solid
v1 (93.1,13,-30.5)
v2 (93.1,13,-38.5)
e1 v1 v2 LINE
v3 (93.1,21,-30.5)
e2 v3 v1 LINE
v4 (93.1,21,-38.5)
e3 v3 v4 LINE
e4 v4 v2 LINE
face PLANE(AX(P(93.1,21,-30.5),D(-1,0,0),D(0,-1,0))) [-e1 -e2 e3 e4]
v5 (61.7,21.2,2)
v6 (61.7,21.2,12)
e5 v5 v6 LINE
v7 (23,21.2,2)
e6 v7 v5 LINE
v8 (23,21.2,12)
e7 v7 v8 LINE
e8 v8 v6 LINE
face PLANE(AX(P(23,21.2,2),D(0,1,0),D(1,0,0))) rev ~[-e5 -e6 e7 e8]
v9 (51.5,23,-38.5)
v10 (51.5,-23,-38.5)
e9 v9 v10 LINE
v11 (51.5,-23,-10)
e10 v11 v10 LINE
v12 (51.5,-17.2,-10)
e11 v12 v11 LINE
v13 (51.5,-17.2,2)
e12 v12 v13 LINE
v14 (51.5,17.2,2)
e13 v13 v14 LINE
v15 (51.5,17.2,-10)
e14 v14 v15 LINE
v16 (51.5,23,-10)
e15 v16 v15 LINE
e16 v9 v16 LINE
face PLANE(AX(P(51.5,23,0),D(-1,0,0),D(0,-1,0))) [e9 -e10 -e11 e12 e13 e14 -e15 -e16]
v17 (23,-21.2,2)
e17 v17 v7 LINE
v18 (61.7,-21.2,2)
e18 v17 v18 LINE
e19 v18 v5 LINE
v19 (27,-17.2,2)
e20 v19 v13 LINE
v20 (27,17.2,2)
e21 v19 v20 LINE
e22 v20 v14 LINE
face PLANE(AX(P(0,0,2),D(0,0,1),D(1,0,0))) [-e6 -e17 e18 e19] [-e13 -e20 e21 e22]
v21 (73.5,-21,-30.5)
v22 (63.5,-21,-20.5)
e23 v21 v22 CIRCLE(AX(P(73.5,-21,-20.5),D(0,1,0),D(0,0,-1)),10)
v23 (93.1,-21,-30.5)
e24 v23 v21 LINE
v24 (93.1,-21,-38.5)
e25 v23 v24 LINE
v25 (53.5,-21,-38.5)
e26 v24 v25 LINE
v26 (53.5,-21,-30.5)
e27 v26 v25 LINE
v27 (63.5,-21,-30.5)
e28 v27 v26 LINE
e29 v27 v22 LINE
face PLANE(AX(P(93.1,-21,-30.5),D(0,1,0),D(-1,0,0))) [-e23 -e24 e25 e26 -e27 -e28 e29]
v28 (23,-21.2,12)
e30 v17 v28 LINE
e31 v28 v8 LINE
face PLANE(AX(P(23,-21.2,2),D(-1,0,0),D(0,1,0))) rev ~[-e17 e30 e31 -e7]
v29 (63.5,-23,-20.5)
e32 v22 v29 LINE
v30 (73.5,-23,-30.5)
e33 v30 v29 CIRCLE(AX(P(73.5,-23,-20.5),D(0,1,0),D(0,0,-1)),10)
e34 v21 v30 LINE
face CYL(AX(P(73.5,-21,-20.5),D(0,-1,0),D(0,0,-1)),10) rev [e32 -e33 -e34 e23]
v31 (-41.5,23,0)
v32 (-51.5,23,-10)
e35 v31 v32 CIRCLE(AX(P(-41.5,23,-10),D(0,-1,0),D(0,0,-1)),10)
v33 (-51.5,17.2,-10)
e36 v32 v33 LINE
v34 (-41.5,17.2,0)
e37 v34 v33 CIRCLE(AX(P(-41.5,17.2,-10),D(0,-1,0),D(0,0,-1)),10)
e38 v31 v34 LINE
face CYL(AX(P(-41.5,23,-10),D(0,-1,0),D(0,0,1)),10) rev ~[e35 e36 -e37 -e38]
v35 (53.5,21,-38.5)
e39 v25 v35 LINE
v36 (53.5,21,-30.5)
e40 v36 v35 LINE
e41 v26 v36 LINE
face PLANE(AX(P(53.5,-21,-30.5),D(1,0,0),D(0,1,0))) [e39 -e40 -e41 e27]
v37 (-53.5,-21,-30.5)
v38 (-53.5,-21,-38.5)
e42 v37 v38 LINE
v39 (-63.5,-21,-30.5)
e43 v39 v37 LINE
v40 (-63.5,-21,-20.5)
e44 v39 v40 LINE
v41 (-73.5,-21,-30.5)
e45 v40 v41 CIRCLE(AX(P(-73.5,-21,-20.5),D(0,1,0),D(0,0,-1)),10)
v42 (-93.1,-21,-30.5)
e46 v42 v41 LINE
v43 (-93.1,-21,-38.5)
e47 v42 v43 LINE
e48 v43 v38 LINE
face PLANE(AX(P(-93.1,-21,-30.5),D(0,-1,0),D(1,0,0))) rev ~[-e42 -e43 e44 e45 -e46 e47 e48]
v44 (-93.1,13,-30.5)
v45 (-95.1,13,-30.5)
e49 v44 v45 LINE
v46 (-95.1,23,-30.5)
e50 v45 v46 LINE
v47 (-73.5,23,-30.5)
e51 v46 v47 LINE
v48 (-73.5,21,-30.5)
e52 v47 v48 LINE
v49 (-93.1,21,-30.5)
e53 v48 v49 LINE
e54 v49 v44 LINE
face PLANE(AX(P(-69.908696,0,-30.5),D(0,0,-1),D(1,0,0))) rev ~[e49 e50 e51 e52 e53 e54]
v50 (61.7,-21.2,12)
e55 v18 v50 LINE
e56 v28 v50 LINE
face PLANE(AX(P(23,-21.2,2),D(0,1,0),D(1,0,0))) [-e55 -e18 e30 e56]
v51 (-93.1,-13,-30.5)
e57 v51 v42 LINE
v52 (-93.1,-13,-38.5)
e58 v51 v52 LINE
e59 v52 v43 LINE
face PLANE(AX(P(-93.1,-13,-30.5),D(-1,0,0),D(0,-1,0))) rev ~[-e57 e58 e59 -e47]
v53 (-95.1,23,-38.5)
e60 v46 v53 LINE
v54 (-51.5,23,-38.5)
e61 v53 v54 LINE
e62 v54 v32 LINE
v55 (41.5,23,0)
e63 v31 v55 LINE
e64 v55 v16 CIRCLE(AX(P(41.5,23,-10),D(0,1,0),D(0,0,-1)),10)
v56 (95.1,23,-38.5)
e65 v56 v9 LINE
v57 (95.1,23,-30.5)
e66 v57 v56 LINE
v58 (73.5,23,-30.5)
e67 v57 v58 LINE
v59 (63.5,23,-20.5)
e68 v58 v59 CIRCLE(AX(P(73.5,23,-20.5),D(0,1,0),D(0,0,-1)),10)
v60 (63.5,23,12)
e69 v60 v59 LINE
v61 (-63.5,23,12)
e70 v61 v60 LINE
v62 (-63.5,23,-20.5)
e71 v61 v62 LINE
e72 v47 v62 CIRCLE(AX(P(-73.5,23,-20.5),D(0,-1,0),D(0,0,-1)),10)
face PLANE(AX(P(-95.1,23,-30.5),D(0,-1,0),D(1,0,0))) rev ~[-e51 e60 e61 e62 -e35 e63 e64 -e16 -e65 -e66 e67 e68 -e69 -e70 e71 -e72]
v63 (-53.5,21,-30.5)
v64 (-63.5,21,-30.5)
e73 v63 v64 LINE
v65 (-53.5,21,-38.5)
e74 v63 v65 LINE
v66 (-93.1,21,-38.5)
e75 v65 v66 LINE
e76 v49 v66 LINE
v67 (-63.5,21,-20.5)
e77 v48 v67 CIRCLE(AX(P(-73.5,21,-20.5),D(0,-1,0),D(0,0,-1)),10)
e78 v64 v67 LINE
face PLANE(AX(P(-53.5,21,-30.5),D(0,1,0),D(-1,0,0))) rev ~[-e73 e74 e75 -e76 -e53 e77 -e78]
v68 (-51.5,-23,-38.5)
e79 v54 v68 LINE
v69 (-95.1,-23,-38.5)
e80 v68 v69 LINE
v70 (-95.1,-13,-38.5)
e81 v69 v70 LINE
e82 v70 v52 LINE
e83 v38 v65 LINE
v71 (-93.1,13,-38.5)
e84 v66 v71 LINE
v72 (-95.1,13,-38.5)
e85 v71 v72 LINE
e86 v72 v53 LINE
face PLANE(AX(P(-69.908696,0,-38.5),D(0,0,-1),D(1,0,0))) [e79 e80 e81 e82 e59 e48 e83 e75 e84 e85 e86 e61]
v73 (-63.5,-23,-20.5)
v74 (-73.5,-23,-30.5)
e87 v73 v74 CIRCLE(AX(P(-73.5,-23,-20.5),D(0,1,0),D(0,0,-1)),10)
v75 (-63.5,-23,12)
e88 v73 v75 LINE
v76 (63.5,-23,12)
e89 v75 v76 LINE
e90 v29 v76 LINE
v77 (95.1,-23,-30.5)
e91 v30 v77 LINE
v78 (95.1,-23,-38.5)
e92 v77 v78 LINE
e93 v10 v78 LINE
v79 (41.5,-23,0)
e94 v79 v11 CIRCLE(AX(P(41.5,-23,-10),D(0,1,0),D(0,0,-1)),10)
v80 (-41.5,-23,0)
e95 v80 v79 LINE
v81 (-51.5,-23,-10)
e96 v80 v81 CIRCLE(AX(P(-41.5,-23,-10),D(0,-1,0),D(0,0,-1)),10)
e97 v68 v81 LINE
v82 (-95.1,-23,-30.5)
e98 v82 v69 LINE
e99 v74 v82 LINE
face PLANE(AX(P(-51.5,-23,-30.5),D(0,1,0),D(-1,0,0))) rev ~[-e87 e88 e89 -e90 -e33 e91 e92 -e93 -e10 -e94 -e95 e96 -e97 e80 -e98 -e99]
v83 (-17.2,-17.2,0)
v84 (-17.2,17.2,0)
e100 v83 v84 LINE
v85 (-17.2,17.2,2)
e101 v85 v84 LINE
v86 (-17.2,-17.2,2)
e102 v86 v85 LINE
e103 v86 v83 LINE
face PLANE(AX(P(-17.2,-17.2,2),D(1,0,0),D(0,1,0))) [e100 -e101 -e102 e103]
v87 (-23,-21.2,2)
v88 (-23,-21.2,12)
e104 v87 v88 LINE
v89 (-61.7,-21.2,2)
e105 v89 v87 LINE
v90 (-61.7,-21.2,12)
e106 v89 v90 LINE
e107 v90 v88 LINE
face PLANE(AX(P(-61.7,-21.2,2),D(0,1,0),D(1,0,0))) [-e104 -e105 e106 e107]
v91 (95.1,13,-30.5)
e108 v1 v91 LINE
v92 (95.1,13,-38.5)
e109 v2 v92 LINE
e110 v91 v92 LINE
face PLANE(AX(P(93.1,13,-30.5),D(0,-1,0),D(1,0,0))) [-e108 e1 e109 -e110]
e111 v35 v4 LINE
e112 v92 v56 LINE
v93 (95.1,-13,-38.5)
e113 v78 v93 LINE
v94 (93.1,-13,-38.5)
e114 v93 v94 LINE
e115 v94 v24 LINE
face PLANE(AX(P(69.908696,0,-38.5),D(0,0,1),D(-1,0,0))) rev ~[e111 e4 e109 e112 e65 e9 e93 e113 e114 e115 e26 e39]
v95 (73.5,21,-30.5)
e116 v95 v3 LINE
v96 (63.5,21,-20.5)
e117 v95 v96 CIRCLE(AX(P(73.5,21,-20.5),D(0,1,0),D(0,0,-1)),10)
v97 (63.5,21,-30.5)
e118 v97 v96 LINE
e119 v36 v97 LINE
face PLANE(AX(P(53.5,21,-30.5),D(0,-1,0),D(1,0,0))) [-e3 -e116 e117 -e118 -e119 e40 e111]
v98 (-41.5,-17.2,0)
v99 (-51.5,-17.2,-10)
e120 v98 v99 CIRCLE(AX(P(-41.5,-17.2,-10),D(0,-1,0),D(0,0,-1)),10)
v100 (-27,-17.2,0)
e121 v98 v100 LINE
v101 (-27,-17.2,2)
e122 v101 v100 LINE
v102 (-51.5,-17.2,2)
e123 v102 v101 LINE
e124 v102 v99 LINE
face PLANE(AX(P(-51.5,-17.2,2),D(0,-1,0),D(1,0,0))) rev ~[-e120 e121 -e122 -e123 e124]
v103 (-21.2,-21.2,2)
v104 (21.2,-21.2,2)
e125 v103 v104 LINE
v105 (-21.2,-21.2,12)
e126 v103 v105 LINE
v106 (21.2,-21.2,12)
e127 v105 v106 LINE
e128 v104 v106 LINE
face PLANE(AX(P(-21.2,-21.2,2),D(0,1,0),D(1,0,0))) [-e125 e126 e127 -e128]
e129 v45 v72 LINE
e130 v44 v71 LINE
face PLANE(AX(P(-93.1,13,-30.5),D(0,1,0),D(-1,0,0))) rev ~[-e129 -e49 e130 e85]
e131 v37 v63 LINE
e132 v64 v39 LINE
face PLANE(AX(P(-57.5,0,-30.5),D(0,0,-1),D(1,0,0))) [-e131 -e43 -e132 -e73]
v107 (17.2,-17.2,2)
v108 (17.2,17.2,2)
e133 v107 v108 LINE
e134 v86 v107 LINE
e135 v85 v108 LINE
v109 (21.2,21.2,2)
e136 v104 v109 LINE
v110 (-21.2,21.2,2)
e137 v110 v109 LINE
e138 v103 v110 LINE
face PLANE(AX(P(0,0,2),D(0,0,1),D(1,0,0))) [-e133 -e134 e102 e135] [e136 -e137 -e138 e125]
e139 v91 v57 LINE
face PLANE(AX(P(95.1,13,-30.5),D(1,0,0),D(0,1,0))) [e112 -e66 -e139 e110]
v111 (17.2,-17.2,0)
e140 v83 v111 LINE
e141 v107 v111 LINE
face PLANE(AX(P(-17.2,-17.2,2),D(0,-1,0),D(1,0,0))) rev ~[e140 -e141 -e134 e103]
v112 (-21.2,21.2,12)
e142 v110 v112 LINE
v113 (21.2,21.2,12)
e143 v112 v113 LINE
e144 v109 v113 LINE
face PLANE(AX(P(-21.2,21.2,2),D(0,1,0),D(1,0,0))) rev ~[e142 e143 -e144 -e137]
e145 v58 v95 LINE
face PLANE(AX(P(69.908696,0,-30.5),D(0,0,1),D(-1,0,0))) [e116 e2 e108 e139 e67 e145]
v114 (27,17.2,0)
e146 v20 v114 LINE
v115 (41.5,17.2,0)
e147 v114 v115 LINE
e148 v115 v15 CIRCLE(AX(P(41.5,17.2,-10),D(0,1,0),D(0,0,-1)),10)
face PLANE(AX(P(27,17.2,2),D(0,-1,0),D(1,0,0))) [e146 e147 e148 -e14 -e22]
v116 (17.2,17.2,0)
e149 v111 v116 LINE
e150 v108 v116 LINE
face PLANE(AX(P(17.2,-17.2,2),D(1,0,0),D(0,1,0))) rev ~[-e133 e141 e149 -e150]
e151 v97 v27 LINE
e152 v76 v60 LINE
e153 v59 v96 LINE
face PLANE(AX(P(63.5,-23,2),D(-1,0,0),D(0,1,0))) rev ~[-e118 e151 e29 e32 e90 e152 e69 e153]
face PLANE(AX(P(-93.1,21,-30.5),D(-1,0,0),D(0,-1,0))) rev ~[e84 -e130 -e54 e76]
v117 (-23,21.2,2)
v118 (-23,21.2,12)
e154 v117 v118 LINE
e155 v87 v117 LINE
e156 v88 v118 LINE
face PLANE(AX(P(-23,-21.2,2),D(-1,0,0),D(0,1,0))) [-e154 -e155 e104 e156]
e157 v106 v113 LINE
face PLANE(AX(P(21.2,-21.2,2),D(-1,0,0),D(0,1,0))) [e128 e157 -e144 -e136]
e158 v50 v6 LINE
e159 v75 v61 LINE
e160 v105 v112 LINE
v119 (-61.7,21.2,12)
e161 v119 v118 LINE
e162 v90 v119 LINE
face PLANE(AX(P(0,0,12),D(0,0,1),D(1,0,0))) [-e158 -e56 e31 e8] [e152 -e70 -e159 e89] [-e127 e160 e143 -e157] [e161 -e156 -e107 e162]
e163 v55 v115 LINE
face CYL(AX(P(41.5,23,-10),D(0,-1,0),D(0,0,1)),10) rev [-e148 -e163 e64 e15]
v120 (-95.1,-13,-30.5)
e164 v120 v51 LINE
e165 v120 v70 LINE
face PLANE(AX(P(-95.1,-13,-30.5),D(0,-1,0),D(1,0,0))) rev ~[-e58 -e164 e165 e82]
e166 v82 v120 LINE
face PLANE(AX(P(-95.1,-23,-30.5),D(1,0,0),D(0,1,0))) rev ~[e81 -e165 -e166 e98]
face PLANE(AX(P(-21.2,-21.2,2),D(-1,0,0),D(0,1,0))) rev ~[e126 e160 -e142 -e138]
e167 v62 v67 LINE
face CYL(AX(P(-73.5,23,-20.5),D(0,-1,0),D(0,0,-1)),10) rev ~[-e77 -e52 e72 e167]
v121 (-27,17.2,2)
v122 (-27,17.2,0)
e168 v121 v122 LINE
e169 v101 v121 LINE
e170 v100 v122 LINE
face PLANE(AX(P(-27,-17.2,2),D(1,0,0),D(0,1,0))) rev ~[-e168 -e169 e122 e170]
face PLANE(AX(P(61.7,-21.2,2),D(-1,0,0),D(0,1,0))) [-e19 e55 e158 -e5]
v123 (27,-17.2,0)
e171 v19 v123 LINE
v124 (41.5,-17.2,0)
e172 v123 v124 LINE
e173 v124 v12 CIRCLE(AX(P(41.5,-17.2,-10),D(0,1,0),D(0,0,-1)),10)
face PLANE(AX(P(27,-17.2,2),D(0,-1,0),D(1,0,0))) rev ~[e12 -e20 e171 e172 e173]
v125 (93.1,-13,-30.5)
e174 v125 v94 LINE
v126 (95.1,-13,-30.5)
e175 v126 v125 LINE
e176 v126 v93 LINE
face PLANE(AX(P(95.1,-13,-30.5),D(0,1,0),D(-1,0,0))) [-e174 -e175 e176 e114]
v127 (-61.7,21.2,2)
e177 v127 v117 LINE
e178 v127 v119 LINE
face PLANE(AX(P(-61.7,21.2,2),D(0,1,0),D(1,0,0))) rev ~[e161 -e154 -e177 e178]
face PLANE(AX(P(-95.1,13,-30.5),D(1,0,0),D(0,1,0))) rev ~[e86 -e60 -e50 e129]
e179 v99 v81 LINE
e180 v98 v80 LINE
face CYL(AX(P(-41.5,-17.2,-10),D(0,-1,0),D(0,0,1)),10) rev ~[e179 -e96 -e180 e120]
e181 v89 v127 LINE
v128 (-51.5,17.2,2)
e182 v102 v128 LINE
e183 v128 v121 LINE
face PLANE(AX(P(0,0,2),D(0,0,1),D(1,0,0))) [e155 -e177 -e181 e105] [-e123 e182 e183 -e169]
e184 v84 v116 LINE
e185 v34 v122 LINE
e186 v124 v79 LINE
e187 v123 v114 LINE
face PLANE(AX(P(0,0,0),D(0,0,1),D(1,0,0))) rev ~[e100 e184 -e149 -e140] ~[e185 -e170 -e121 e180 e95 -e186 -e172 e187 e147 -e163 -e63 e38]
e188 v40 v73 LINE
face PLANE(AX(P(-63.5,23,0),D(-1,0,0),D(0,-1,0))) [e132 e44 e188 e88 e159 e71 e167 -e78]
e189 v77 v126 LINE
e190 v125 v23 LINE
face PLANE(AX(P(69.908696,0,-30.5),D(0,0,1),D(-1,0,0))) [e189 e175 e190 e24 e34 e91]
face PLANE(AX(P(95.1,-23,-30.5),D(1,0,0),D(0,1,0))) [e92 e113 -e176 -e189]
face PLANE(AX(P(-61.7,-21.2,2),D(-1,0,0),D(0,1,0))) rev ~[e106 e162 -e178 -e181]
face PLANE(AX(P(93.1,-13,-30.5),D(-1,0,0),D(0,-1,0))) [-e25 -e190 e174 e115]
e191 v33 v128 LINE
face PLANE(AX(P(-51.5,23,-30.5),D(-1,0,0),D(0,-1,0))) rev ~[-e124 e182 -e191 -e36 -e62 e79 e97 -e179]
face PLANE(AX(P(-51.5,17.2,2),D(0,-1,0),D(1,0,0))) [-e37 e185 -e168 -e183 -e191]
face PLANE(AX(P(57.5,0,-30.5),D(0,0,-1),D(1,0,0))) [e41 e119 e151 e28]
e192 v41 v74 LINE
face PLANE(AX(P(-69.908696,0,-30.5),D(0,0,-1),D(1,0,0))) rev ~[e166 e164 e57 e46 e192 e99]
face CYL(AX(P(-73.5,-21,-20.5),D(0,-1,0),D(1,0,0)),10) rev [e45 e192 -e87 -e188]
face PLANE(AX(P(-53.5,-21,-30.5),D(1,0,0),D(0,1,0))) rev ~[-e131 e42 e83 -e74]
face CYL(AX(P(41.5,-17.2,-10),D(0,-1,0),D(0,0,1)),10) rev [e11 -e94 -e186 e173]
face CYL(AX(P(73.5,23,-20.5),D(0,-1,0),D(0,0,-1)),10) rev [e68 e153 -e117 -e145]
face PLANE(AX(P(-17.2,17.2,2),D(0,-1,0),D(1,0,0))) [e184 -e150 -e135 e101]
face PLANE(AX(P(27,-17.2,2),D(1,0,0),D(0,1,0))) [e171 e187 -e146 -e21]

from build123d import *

# Parameters (mm, degrees)
SKETCH_W      = 127
SKETCH_H      = 46
PAD_DEPTH     = 2
SKETCH001_W   = 127
SKETCH001_H   = 46
SKETCH001_W_2 = 42.4
SKETCH001_H_2 = 42.4
SKETCH001_W_3 = 38.7
PAD001_DEPTH  = 10
SKETCH002_W   = 24.5
SKETCH002_H   = 34.4
SKETCH002_W_2 = 34.4
POCKET_DEPTH  = 2.001
SKETCH004_W   = 12
SKETCH004_H   = 46
PAD002_DEPTH  = 30.5
PAD003_DEPTH  = 8
FILLET_R      = 10


with BuildPart() as part:
    # Sketch → Pad (new body)
    with BuildSketch(Plane.XY):
        Rectangle(SKETCH_W, SKETCH_H)
    extrude(amount=PAD_DEPTH)

    # Sketch001 → Pad001 (new body)
    with BuildSketch(Plane.XY.offset(2)):
        Rectangle(SKETCH001_W, SKETCH001_H)
        Rectangle(SKETCH001_W_2, SKETCH001_H_2, mode=Mode.SUBTRACT)
        with Locations((-42.35, 0)):
            Rectangle(SKETCH001_W_3, SKETCH001_H_2, mode=Mode.SUBTRACT)
        with Locations((42.35, 0)):
            Rectangle(SKETCH001_W_3, SKETCH001_H_2, mode=Mode.SUBTRACT)
    extrude(amount=PAD001_DEPTH)

    # Sketch002 → Pocket (cut, through all)
    with BuildSketch(Plane.XY.offset(2)):
        with Locations((-39.25, 0)):
            Rectangle(SKETCH002_W, SKETCH002_H)
        Rectangle(SKETCH002_W_2, SKETCH002_H)
        with Locations((39.25, 0)):
            Rectangle(SKETCH002_W, SKETCH002_H)
    extrude(amount=-POCKET_DEPTH, mode=Mode.SUBTRACT)

    # Sketch004 → Pad002 (new body)
    with BuildSketch(Plane(origin=(0, 0, 0), x_dir=(1, 0, 0), z_dir=(0, 0, -1))):
        with Locations((-57.5, 0)):
            Rectangle(SKETCH004_W, SKETCH004_H)
        with Locations((57.5, 0)):
            Rectangle(SKETCH004_W, SKETCH004_H)
    extrude(amount=PAD002_DEPTH)

    # Sketch005 → Pad003 (new body)
    with BuildSketch(Plane(origin=(0, 0, -30.5), x_dir=(1, 0, 0), z_dir=(0, 0, -1))):
        Polygon((-51.5, 23), (-95.1, 23), (-95.1, 13), (-93.1, 13), (-93.1, 21), (-53.5, 21), (-53.5, -21), (-93.1, -21), (-93.1, -13), (-95.1, -13), (-95.1, -23), (-51.5, -23), align=None)
        Polygon((51.5, 23), (95.1, 23), (95.1, 13), (93.1, 13), (93.1, 21), (53.5, 21), (53.5, -21), (93.1, -21), (93.1, -13), (95.1, -13), (95.1, -23), (51.5, -23), align=None)
    extrude(amount=PAD003_DEPTH)

    # Fillet
    fillet_edges = [part.edges().sort_by_distance(p)[0] for p in [
        (-63.5, -22, -30.5),
        (-63.5, 22, -30.5),
        (63.5, -22, -30.5),
        (63.5, 22, -30.5),
        (-51.5, -20.1, 0),
        (-51.5, 20.1, 0),
        (51.5, -20.1, 0),
        (51.5, 20.1, 0),
    ]]
    fillet(fillet_edges, radius=FILLET_R)


solid = part.part
